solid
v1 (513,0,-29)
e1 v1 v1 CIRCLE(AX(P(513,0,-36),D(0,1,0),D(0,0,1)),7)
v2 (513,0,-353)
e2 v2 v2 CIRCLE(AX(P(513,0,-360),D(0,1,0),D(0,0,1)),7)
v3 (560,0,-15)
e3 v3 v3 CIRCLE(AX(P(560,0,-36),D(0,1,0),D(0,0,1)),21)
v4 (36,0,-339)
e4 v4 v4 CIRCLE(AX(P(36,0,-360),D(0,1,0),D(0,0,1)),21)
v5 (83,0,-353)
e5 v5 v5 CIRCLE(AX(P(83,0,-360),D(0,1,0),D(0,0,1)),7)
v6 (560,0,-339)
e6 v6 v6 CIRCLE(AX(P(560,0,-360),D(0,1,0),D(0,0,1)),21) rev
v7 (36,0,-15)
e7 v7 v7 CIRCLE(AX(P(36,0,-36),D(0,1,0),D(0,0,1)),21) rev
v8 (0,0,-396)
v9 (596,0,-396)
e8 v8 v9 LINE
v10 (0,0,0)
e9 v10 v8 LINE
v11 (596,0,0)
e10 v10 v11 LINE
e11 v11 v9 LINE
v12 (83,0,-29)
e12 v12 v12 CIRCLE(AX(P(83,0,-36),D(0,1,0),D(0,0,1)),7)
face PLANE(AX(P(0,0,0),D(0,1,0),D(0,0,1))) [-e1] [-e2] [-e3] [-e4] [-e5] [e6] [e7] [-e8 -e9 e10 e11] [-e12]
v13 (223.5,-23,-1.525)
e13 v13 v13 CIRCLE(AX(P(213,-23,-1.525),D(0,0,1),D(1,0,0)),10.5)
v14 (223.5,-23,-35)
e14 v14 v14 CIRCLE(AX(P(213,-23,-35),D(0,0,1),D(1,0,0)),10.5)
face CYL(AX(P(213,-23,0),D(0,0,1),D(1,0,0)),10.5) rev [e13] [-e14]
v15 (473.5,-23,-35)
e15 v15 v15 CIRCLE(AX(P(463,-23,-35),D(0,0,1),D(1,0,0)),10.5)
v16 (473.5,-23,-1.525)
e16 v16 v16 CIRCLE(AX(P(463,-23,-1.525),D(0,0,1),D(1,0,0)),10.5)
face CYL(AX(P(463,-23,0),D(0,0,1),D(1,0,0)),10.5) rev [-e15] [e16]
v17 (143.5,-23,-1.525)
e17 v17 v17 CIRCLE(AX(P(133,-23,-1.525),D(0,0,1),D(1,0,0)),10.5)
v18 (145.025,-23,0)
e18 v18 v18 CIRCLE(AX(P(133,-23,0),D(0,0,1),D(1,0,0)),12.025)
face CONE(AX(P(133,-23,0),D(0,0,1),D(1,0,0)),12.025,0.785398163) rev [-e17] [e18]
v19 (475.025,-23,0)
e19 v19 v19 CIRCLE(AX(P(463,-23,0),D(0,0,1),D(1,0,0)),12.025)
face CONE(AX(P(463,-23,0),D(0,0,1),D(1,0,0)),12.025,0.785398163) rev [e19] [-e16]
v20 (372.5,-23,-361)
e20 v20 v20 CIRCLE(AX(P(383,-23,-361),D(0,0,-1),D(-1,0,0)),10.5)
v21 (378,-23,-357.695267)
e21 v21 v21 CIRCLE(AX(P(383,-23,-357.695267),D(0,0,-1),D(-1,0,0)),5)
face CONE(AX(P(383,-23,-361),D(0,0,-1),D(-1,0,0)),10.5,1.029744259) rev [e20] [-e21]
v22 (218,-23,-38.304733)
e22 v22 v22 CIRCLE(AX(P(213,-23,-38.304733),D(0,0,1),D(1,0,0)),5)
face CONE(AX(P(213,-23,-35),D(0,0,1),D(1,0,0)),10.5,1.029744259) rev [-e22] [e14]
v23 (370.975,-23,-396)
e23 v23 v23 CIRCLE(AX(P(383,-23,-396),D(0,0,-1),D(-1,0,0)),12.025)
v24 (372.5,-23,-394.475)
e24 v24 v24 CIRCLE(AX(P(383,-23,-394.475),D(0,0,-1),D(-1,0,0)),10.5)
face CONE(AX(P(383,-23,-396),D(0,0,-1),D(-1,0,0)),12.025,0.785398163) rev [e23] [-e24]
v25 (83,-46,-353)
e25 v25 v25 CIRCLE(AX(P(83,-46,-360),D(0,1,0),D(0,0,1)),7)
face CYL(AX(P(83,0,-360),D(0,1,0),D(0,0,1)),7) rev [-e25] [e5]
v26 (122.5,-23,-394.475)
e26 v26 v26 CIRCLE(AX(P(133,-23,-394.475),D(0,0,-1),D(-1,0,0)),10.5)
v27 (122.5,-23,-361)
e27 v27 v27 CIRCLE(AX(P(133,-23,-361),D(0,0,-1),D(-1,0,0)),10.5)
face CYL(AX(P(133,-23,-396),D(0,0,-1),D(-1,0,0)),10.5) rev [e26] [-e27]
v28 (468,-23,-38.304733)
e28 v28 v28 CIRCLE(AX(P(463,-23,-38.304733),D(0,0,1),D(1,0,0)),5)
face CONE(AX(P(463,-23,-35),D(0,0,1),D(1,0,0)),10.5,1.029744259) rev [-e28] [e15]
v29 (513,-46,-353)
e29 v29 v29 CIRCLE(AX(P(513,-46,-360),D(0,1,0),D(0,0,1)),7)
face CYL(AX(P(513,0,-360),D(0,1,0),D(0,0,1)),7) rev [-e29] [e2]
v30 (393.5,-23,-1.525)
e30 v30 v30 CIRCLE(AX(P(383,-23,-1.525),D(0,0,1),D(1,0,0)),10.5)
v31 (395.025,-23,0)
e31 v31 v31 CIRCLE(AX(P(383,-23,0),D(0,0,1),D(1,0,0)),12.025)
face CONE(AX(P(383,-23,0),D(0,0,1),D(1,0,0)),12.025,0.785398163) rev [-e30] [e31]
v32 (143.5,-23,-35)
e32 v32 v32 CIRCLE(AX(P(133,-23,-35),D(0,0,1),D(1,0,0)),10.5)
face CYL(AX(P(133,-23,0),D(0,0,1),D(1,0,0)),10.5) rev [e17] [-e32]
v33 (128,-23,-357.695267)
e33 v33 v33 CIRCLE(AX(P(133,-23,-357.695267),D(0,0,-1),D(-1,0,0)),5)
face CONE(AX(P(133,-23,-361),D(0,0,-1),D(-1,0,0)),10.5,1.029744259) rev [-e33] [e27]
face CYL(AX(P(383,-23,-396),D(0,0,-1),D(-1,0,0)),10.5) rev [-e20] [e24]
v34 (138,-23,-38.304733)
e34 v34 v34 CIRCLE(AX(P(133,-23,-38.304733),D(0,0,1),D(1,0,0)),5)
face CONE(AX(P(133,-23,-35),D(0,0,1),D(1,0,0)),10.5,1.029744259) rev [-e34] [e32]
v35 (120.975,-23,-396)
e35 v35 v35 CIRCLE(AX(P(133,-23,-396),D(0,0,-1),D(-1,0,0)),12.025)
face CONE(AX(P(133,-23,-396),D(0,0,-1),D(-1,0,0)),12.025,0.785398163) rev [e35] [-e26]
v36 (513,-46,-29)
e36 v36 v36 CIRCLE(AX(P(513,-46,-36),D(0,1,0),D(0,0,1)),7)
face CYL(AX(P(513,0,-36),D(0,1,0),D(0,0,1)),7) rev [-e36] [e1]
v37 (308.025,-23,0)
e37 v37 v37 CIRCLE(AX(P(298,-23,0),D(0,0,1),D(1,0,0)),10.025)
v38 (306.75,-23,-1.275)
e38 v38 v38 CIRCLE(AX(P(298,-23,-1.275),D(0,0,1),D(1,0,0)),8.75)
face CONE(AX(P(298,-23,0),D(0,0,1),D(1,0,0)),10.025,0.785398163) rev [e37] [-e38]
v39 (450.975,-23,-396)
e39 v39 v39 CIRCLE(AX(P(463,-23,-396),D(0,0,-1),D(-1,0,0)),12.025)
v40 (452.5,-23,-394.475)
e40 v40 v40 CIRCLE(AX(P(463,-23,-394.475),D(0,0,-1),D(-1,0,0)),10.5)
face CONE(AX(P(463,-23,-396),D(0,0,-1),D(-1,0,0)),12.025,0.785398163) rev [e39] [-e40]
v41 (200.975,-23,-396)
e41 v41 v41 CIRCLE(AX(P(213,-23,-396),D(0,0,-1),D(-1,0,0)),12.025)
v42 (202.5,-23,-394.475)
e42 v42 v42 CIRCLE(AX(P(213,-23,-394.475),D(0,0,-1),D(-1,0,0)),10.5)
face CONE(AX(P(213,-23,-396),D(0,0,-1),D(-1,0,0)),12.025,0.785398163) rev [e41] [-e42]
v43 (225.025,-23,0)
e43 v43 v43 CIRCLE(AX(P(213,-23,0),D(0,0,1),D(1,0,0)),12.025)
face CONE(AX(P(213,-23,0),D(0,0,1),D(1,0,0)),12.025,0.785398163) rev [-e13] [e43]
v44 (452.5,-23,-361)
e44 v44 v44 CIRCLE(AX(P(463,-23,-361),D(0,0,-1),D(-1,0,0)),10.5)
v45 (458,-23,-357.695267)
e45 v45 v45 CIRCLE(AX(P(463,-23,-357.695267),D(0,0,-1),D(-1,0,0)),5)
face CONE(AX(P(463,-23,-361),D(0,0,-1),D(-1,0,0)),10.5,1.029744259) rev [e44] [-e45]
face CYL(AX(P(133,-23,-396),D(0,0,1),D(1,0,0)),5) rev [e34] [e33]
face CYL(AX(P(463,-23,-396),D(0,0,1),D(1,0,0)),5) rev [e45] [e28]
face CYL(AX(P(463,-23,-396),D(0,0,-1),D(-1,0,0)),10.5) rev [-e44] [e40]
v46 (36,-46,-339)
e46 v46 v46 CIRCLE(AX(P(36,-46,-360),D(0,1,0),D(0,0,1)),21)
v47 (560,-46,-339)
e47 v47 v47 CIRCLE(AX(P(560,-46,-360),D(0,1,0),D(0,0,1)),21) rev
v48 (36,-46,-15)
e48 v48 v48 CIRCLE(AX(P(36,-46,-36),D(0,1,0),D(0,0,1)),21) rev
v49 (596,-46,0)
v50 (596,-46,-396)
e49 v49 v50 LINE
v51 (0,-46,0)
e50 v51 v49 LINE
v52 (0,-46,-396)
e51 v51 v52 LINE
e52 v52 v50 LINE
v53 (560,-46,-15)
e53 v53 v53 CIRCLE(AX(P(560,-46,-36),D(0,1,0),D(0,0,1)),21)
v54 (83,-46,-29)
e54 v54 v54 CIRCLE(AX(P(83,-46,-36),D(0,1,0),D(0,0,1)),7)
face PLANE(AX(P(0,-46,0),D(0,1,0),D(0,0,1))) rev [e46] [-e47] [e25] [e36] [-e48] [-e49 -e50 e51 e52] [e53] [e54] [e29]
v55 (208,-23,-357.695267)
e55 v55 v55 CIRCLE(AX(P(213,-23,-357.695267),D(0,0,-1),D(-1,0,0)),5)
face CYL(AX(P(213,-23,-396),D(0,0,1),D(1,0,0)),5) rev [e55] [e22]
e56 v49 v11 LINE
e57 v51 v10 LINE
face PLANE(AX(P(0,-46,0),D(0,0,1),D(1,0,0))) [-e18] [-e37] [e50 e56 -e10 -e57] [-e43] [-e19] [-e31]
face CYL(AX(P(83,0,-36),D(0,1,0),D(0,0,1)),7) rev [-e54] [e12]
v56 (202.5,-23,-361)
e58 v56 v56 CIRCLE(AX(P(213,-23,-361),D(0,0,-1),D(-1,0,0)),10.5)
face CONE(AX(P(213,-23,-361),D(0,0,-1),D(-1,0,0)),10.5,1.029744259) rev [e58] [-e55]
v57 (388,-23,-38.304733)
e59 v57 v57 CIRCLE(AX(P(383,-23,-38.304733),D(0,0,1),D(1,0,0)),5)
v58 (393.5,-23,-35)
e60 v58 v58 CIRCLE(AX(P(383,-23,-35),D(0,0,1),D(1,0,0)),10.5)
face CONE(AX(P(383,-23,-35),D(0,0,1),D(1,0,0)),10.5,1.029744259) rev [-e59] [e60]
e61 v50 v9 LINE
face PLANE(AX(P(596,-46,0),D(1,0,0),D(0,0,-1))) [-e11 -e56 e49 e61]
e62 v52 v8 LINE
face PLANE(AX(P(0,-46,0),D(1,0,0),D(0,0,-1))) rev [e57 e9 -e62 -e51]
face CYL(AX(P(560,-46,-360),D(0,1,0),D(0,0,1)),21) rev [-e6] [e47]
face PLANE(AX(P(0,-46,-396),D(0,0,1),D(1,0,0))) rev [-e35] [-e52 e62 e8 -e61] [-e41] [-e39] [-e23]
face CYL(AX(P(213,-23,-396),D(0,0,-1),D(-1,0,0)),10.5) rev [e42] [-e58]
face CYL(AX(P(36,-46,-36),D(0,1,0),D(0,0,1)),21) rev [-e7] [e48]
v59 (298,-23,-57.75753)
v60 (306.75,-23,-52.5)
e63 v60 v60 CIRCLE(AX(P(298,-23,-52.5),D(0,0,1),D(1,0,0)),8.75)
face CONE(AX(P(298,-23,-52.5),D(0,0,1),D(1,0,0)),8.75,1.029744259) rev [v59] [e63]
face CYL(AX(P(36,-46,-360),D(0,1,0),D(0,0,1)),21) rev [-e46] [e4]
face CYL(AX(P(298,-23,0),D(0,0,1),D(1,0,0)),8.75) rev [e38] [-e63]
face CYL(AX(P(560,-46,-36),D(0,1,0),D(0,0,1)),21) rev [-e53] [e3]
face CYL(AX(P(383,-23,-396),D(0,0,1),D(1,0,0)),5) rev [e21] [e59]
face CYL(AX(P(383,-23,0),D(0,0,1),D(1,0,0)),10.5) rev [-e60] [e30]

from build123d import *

# Parameters (mm, degrees)
SZKIC1_W                          = 596
SZKIC1_H                          = 396
SZKIC1_R                          = 24
SZKIC1_R_2                        = 21
DODANIE_WYCI_GNI_CIE1_DEPTH       = 46
OTW_R_GWINTOWANY_M161_D           = 14
SZKIC5_R                          = 5
WYTNIJ_WYCI_GNI_CIE1_DEPTH        = 718.041142474
OTW_R_GWINTOWANY_M241_AT_2_COUNT  = 2
OTW_R_GWINTOWANY_M241_AT_2_PITCH  = 80
OTW_R_GWINTOWANY_M241_AT_3_COUNT  = 2
OTW_R_GWINTOWANY_M241_AT_3_PITCH  = 170
OTW_R_GWINTOWANY_M241_AT_4_COUNT  = 2
OTW_R_GWINTOWANY_M241_AT_4_PITCH  = 250
OTW_R_GWINTOWANY_M201_D           = 17.5
OTW_R_GWINTOWANY_M201_DEPTH       = 52.5
OTW_R_GWINTOWANY_M201_CSINK_D     = 20.05
OTW_R_GWINTOWANY_M201_CSINK_ANGLE = 90
OTW_R_GWINTOWANY_M201_TIP         = 5.257530416


with BuildPart() as part:
    # Szkic1 → Dodanie-wyciągnięcie1 (new body)
    # profile 1 of 5: a face of its own
    with BuildSketch(Plane(origin=(0, 0, 0), x_dir=(1, 0, 0), z_dir=(0, 1, 0))):
        with Locations((298, 198)):
            Rectangle(SZKIC1_W, SZKIC1_H)
        with Locations((560, 360)):
            Circle(SZKIC1_R, mode=Mode.SUBTRACT)
        with Locations((36, 360)):
            Circle(SZKIC1_R, mode=Mode.SUBTRACT)
        with Locations((560, 36)):
            Circle(SZKIC1_R, mode=Mode.SUBTRACT)
        with Locations((36, 36)):
            Circle(SZKIC1_R, mode=Mode.SUBTRACT)
    # profile 2 of 5: a face of its own
    with BuildSketch(Plane(origin=(0, 0, 0), x_dir=(1, 0, 0), z_dir=(0, 1, 0))):
        with Locations((36, 36)):
            Circle(SZKIC1_R)
        with Locations(Location((36, 36, 0), (0, 0, 270))):
            Circle(SZKIC1_R_2, mode=Mode.SUBTRACT)
    # profile 3 of 5: a face of its own
    with BuildSketch(Plane(origin=(0, 0, 0), x_dir=(1, 0, 0), z_dir=(0, 1, 0))):
        with Locations((560, 36)):
            Circle(SZKIC1_R)
        with Locations(Location((560, 36, 0), (0, 0, 270))):
            Circle(SZKIC1_R_2, mode=Mode.SUBTRACT)
    # profile 4 of 5: a face of its own
    with BuildSketch(Plane(origin=(0, 0, 0), x_dir=(1, 0, 0), z_dir=(0, 1, 0))):
        with Locations((560, 360)):
            Circle(SZKIC1_R)
        with Locations(Location((560, 360, 0), (0, 0, 270))):
            Circle(SZKIC1_R_2, mode=Mode.SUBTRACT)
    # profile 5 of 5: a face of its own
    with BuildSketch(Plane(origin=(0, 0, 0), x_dir=(1, 0, 0), z_dir=(0, 1, 0))):
        with Locations((36, 360)):
            Circle(SZKIC1_R)
        with Locations(Location((36, 360, 0), (0, 0, 270))):
            Circle(SZKIC1_R_2, mode=Mode.SUBTRACT)
    extrude(amount=-DODANIE_WYCI_GNI_CIE1_DEPTH)

    # Otwór gwintowany M161 (through all)
    with Locations(Plane(origin=(83, 0, -360), x_dir=(0, 0, 1), z_dir=(0, 1, 0))):
        with Locations((0, 0), (0, 430), (324, 0), (324, 430)):
            Hole(OTW_R_GWINTOWANY_M161_D / 2)

    # Szkic5 → Wytnij-wyciągnięcie1 (cut, through all)
    with BuildSketch(Plane.XY):
        with Locations((133, -23)):
            Circle(SZKIC5_R)
        with Locations((213, -23)):
            Circle(SZKIC5_R)
        with Locations(Location((463, -23, 0), (0, 0, 180))):
            Circle(SZKIC5_R)
        with Locations(Location((383, -23, 0), (0, 0, 180))):
            Circle(SZKIC5_R)
    extrude(amount=-WYTNIJ_WYCI_GNI_CIE1_DEPTH, mode=Mode.SUBTRACT)

    # Szkic6 → Otwór gwintowany M241 (revolve, cut)
    with BuildSketch(Plane(origin=(213, -23, 0), x_dir=(0, -1, 0), z_dir=(1, 0, 0))):
        Polygon((0, 0), (0, 41.3090365), (10.5, 35), (10.5, 1.525), (12.025, 0), align=None)
    otw_r_gwintowany_m241 = revolve(axis=Axis((213, -23, 6.35), (0, 0, -1)), mode=Mode.SUBTRACT)

    # Otwór gwintowany M241 at 2: Otwór gwintowany M241 ×2
    with Locations(*[(-i * OTW_R_GWINTOWANY_M241_AT_2_PITCH, 0, 0) for i in range(1, OTW_R_GWINTOWANY_M241_AT_2_COUNT)]):
        add(otw_r_gwintowany_m241, mode=Mode.SUBTRACT)

    # Otwór gwintowany M241 at 3: Otwór gwintowany M241 ×2
    with Locations(*[(i * OTW_R_GWINTOWANY_M241_AT_3_PITCH, 0, 0) for i in range(1, OTW_R_GWINTOWANY_M241_AT_3_COUNT)]):
        add(otw_r_gwintowany_m241, mode=Mode.SUBTRACT)

    # Otwór gwintowany M241 at 4: Otwór gwintowany M241 ×2
    with Locations(*[(i * OTW_R_GWINTOWANY_M241_AT_4_PITCH, 0, 0) for i in range(1, OTW_R_GWINTOWANY_M241_AT_4_COUNT)]):
        add(otw_r_gwintowany_m241, mode=Mode.SUBTRACT)

    # Lustro1: Otwór gwintowany M241 across plane
    add(otw_r_gwintowany_m241.mirror(Plane.XY.offset(-198)), mode=Mode.SUBTRACT)

    # Lustro1 copy 1 sketch → Lustro1 copy 1 (revolve, cut)
    with BuildSketch(Plane(origin=(133, -23, -396), x_dir=(0, -1, 0), z_dir=(1, 0, 0))):
        Polygon((0, 0), (0, -41.3090365), (10.5, -35), (10.5, -1.525), (12.025, 0), align=None)
    revolve(axis=Axis((133, -23, -402.35), (0, 0, -1)), mode=Mode.SUBTRACT)

    # Lustro1 copy 2 sketch → Lustro1 copy 2 (revolve, cut)
    with BuildSketch(Plane(origin=(383, -23, -396), x_dir=(0, -1, 0), z_dir=(1, 0, 0))):
        Polygon((0, 0), (0, -41.3090365), (10.5, -35), (10.5, -1.525), (12.025, 0), align=None)
    revolve(axis=Axis((383, -23, -402.35), (0, 0, -1)), mode=Mode.SUBTRACT)

    # Lustro1 copy 3 sketch → Lustro1 copy 3 (revolve, cut)
    with BuildSketch(Plane(origin=(463, -23, -396), x_dir=(0, -1, 0), z_dir=(1, 0, 0))):
        Polygon((0, 0), (0, -41.3090365), (10.5, -35), (10.5, -1.525), (12.025, 0), align=None)
    revolve(axis=Axis((463, -23, -402.35), (0, 0, -1)), mode=Mode.SUBTRACT)

    # Otwór gwintowany M201
    with Locations(Plane(origin=(298, -23, 0), x_dir=(1, 0, 0), z_dir=(0, 0, 1))):
        with Locations((0, 0)):
            CounterSinkHole(OTW_R_GWINTOWANY_M201_D / 2, OTW_R_GWINTOWANY_M201_CSINK_D / 2, depth=OTW_R_GWINTOWANY_M201_DEPTH, counter_sink_angle=OTW_R_GWINTOWANY_M201_CSINK_ANGLE)
            with Locations((0, 0, -(OTW_R_GWINTOWANY_M201_DEPTH + OTW_R_GWINTOWANY_M201_TIP / 2))):  # 118° drill point
                Cone(0, OTW_R_GWINTOWANY_M201_D / 2, OTW_R_GWINTOWANY_M201_TIP, mode=Mode.SUBTRACT)


solid = part.part
